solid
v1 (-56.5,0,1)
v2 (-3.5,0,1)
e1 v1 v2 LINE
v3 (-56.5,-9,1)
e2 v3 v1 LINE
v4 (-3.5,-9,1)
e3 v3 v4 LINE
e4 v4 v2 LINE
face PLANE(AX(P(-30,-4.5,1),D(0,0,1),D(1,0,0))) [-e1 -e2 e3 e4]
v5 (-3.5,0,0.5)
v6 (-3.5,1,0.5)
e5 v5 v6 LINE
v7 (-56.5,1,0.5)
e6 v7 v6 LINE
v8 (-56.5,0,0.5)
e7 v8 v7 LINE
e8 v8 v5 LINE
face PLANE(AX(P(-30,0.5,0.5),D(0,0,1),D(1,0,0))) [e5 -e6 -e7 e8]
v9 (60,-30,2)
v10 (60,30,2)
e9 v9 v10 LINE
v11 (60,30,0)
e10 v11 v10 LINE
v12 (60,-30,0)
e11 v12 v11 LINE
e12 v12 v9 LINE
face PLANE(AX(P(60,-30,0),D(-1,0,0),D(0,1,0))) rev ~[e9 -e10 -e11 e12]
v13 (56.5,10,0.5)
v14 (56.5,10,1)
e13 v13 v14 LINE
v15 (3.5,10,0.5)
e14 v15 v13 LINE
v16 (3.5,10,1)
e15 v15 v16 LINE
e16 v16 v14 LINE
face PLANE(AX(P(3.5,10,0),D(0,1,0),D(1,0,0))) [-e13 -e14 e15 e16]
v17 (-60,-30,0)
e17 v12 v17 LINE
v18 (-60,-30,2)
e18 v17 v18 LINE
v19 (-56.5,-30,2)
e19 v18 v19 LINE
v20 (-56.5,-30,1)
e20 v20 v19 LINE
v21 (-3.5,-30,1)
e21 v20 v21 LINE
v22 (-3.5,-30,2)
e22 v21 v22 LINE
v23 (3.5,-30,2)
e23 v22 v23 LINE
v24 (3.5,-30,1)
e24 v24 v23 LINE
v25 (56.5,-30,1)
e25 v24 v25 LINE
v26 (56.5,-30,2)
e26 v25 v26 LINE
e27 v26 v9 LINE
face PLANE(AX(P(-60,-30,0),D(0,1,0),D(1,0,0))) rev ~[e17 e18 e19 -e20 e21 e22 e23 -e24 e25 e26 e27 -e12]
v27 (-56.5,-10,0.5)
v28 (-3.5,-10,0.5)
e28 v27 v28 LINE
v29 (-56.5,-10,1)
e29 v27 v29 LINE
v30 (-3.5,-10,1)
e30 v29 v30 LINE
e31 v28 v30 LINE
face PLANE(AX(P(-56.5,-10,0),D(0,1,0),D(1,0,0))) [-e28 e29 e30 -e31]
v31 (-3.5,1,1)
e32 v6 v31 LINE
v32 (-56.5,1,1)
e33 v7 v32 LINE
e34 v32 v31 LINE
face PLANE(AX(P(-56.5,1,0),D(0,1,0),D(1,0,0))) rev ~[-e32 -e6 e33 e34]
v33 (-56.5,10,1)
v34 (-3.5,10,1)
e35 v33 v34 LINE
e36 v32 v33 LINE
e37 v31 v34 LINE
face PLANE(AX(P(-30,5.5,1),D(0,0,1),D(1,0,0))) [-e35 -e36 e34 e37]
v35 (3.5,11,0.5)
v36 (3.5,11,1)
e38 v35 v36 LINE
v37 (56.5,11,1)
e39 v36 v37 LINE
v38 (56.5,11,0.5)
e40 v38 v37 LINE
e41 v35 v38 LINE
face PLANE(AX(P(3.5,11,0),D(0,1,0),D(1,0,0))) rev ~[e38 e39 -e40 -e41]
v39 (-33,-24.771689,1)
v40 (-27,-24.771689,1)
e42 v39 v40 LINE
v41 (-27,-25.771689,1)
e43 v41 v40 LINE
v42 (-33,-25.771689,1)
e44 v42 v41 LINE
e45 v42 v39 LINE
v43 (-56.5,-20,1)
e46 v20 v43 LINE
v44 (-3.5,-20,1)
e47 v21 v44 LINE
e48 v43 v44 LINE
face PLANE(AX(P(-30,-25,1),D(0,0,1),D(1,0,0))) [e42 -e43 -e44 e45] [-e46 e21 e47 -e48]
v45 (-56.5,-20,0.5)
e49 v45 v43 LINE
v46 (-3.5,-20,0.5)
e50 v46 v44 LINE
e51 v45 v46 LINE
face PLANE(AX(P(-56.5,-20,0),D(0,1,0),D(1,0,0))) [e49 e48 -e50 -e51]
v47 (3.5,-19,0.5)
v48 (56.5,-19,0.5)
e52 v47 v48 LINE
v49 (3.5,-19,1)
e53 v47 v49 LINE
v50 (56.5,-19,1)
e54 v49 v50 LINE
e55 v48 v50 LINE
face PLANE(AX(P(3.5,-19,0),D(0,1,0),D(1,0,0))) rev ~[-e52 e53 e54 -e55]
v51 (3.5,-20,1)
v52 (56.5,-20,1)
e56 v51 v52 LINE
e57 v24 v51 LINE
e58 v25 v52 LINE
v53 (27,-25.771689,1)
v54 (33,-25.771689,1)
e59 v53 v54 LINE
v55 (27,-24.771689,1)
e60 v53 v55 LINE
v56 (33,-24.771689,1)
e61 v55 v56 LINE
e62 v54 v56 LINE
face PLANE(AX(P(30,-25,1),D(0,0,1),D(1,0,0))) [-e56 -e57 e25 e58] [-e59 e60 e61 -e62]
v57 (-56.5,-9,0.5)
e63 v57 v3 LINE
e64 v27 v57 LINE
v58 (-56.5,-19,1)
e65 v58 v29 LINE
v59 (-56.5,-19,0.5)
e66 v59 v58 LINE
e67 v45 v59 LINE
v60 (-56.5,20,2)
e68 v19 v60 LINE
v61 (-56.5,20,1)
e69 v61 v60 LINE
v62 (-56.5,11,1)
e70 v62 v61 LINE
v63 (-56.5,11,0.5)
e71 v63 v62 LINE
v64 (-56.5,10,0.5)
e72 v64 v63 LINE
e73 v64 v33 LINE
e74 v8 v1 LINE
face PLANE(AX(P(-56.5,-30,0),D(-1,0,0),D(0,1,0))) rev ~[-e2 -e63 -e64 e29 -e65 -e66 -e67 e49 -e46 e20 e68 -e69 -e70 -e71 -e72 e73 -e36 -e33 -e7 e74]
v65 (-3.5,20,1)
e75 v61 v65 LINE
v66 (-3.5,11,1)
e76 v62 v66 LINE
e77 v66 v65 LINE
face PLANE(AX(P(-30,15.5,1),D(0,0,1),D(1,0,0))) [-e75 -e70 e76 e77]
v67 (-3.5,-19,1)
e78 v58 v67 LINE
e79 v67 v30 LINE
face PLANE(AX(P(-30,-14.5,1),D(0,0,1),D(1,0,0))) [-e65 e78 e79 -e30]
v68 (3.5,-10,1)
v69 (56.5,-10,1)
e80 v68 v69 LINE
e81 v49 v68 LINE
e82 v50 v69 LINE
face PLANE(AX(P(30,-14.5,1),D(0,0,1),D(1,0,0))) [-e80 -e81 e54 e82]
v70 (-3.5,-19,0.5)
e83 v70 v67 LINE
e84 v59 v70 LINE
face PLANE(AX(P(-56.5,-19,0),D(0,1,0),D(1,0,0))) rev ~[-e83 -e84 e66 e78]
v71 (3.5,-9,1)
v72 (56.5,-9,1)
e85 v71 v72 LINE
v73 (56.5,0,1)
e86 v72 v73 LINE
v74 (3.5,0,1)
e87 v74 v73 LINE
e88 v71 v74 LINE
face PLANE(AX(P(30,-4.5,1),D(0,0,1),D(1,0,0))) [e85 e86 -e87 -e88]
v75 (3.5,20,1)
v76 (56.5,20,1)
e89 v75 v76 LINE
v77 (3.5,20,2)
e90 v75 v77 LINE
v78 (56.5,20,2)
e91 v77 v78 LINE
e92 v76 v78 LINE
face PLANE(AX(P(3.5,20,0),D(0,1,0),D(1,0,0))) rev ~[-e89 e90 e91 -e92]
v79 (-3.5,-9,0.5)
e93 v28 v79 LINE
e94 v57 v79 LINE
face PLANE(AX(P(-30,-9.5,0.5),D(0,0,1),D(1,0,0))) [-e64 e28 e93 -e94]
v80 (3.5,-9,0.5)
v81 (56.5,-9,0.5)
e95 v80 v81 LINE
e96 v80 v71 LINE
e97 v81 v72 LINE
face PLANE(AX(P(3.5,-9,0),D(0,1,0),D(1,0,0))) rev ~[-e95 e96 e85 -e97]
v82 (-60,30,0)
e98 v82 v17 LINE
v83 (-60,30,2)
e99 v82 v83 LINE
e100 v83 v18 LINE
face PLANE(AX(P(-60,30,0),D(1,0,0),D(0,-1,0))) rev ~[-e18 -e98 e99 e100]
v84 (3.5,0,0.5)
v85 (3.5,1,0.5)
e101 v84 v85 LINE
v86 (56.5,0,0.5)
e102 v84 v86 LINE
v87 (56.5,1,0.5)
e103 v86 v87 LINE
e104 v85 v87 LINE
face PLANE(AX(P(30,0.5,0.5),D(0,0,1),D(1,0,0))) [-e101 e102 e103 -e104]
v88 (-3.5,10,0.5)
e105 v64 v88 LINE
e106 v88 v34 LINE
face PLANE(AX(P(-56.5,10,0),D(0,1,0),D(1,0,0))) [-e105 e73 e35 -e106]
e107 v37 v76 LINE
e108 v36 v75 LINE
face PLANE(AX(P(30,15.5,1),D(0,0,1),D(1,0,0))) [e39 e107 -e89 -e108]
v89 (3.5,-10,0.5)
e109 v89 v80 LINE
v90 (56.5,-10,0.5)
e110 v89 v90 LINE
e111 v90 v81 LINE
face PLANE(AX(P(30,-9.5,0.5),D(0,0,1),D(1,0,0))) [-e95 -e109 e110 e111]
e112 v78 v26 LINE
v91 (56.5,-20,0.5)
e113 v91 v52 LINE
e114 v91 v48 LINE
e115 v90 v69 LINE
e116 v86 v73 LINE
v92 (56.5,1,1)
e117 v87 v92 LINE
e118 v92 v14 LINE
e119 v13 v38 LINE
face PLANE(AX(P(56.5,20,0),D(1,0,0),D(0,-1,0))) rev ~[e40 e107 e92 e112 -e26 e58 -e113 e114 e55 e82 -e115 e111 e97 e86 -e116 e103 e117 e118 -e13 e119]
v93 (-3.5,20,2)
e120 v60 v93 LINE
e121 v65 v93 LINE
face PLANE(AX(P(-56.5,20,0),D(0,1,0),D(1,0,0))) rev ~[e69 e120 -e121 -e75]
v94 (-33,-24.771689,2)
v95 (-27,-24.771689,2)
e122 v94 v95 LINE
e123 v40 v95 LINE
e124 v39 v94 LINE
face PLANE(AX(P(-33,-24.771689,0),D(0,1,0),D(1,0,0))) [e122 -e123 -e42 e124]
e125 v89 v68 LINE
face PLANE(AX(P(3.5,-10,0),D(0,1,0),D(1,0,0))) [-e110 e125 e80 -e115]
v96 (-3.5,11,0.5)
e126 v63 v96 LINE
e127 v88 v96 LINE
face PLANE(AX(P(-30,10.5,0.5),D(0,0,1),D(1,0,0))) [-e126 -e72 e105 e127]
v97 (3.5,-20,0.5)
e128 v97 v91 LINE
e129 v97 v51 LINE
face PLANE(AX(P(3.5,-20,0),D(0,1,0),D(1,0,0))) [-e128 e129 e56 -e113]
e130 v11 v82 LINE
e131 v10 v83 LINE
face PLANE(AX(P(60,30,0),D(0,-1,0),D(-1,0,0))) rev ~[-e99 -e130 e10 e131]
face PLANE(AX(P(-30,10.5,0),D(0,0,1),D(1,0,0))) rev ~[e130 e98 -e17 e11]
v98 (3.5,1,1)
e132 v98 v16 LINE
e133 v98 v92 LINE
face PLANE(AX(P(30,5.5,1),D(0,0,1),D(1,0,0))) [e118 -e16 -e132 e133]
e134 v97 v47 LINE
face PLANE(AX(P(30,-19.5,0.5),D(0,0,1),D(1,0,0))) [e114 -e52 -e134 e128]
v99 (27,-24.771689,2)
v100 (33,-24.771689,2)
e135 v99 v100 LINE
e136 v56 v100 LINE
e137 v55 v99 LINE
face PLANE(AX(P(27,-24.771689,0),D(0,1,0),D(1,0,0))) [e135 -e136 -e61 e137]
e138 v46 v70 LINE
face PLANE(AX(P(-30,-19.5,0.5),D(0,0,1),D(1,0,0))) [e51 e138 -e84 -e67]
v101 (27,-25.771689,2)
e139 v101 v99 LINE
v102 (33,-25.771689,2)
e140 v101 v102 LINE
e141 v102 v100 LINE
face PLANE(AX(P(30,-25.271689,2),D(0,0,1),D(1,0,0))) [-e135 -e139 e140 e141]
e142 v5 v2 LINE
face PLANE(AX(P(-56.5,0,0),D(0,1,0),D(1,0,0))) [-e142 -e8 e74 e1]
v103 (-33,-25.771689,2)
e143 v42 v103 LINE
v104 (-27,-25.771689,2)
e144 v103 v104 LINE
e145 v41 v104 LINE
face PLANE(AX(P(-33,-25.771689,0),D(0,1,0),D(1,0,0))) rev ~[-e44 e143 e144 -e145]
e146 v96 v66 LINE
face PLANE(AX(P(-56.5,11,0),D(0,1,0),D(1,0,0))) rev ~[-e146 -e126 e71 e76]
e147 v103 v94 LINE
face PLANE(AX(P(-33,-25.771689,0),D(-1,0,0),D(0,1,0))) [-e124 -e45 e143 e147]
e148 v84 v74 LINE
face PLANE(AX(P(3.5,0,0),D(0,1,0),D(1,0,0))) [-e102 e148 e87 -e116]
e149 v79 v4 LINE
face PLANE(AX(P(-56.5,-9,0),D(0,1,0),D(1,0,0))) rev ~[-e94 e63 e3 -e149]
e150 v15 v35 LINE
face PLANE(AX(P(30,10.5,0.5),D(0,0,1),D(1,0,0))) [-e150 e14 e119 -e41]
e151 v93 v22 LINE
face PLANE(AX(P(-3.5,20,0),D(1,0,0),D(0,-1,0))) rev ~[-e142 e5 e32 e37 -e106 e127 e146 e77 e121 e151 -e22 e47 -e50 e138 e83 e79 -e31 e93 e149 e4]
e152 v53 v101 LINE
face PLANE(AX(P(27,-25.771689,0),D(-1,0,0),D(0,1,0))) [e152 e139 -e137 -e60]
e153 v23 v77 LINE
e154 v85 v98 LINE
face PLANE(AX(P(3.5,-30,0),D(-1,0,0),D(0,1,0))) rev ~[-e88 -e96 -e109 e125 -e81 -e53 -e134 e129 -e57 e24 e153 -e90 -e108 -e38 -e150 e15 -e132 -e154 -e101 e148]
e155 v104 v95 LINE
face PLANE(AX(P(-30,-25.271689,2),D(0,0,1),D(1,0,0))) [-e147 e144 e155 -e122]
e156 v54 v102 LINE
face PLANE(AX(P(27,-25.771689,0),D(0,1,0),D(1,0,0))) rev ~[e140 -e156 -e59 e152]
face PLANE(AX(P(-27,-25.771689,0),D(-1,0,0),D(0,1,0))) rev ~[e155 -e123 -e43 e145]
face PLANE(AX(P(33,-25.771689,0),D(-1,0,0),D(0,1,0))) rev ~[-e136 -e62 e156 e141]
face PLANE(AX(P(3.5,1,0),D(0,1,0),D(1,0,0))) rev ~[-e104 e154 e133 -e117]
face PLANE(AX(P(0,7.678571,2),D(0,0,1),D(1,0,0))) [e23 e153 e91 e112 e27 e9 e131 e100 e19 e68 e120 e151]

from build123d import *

# Parameters (mm, degrees)
F1_DEPTH = 2
F0_W     = 53
F0_H     = 9
F0_H_2   = 10
F0_W_2   = 6
F0_H_3   = 1
F2_DEPTH = 1
F3_DEPTH = 0.5
F4_DEPTH = 2


with BuildPart() as f1:
    # F0 (on Top) → F1 (new body)
    with BuildSketch(Plane.XY):
        Polygon((56.5, -30), (60, -30), (60, 30), (-60, 30), (-60, -30), (-56.5, -30), (-56.5, -20), (-56.5, -19), (-56.5, -10), (-56.5, -9), (-56.5, 0), (-56.5, 1), (-56.5, 10), (-56.5, 11), (-56.5, 20), (-3.5, 20), (-3.5, 11), (-3.5, 10), (-3.5, 1), (-3.5, 0), (-3.5, -9), (-3.5, -10), (-3.5, -19), (-3.5, -20), (-3.5, -30), (3.5, -30), (3.5, -20), (3.5, -19), (3.5, -10), (3.5, -9), (3.5, 0), (3.5, 1), (3.5, 10), (3.5, 11), (3.5, 20), (56.5, 20), (56.5, 11), (56.5, 10), (56.5, 1), (56.5, 0), (56.5, -9), (56.5, -10), (56.5, -19), (56.5, -20), align=None)
    extrude(amount=F1_DEPTH)

    # F0 (on Top) → F2 (join)
    with BuildSketch(Plane.XY):
        with Locations((-30, 15.5)):
            Rectangle(F0_W, F0_H)
        with Locations((-30, 5.5)):
            Rectangle(F0_W, F0_H)
        with Locations((-30, -4.5)):
            Rectangle(F0_W, F0_H)
        with Locations((-30, -14.5)):
            Rectangle(F0_W, F0_H)
        with Locations((-30, -25)):
            Rectangle(F0_W, F0_H_2)
        with Locations((-30, -25.271689)):
            Rectangle(F0_W_2, F0_H_3, mode=Mode.SUBTRACT)
        with Locations((30, -25)):
            Rectangle(F0_W, F0_H_2)
        with Locations((30, -25.271689)):
            Rectangle(F0_W_2, F0_H_3, mode=Mode.SUBTRACT)
        with Locations((30, -14.5)):
            Rectangle(F0_W, F0_H)
        with Locations((30, -4.5)):
            Rectangle(F0_W, F0_H)
        with Locations((30, 5.5)):
            Rectangle(F0_W, F0_H)
        with Locations((30, 15.5)):
            Rectangle(F0_W, F0_H)
    extrude(amount=F2_DEPTH)

    # F0 (on Top) → F3 (join)
    with BuildSketch(Plane.XY):
        with Locations((-30, 10.5)):
            Rectangle(F0_W, F0_H_3)
        with Locations((-30, 0.5)):
            Rectangle(F0_W, F0_H_3)
        with Locations((-30, -9.5)):
            Rectangle(F0_W, F0_H_3)
        with Locations((-30, -19.5)):
            Rectangle(F0_W, F0_H_3)
        with Locations((30, -19.5)):
            Rectangle(F0_W, F0_H_3)
        with Locations((30, -9.5)):
            Rectangle(F0_W, F0_H_3)
        with Locations((30, 0.5)):
            Rectangle(F0_W, F0_H_3)
        with Locations((30, 10.5)):
            Rectangle(F0_W, F0_H_3)
    extrude(amount=F3_DEPTH)

    # F0 (on Top) → F4 (join)
    with BuildSketch(Plane.XY):
        with Locations((-30, -25.271689)):
            Rectangle(F0_W_2, F0_H_3)
        with Locations((30, -25.271689)):
            Rectangle(F0_W_2, F0_H_3)
    extrude(amount=F4_DEPTH)


solid = f1.part
